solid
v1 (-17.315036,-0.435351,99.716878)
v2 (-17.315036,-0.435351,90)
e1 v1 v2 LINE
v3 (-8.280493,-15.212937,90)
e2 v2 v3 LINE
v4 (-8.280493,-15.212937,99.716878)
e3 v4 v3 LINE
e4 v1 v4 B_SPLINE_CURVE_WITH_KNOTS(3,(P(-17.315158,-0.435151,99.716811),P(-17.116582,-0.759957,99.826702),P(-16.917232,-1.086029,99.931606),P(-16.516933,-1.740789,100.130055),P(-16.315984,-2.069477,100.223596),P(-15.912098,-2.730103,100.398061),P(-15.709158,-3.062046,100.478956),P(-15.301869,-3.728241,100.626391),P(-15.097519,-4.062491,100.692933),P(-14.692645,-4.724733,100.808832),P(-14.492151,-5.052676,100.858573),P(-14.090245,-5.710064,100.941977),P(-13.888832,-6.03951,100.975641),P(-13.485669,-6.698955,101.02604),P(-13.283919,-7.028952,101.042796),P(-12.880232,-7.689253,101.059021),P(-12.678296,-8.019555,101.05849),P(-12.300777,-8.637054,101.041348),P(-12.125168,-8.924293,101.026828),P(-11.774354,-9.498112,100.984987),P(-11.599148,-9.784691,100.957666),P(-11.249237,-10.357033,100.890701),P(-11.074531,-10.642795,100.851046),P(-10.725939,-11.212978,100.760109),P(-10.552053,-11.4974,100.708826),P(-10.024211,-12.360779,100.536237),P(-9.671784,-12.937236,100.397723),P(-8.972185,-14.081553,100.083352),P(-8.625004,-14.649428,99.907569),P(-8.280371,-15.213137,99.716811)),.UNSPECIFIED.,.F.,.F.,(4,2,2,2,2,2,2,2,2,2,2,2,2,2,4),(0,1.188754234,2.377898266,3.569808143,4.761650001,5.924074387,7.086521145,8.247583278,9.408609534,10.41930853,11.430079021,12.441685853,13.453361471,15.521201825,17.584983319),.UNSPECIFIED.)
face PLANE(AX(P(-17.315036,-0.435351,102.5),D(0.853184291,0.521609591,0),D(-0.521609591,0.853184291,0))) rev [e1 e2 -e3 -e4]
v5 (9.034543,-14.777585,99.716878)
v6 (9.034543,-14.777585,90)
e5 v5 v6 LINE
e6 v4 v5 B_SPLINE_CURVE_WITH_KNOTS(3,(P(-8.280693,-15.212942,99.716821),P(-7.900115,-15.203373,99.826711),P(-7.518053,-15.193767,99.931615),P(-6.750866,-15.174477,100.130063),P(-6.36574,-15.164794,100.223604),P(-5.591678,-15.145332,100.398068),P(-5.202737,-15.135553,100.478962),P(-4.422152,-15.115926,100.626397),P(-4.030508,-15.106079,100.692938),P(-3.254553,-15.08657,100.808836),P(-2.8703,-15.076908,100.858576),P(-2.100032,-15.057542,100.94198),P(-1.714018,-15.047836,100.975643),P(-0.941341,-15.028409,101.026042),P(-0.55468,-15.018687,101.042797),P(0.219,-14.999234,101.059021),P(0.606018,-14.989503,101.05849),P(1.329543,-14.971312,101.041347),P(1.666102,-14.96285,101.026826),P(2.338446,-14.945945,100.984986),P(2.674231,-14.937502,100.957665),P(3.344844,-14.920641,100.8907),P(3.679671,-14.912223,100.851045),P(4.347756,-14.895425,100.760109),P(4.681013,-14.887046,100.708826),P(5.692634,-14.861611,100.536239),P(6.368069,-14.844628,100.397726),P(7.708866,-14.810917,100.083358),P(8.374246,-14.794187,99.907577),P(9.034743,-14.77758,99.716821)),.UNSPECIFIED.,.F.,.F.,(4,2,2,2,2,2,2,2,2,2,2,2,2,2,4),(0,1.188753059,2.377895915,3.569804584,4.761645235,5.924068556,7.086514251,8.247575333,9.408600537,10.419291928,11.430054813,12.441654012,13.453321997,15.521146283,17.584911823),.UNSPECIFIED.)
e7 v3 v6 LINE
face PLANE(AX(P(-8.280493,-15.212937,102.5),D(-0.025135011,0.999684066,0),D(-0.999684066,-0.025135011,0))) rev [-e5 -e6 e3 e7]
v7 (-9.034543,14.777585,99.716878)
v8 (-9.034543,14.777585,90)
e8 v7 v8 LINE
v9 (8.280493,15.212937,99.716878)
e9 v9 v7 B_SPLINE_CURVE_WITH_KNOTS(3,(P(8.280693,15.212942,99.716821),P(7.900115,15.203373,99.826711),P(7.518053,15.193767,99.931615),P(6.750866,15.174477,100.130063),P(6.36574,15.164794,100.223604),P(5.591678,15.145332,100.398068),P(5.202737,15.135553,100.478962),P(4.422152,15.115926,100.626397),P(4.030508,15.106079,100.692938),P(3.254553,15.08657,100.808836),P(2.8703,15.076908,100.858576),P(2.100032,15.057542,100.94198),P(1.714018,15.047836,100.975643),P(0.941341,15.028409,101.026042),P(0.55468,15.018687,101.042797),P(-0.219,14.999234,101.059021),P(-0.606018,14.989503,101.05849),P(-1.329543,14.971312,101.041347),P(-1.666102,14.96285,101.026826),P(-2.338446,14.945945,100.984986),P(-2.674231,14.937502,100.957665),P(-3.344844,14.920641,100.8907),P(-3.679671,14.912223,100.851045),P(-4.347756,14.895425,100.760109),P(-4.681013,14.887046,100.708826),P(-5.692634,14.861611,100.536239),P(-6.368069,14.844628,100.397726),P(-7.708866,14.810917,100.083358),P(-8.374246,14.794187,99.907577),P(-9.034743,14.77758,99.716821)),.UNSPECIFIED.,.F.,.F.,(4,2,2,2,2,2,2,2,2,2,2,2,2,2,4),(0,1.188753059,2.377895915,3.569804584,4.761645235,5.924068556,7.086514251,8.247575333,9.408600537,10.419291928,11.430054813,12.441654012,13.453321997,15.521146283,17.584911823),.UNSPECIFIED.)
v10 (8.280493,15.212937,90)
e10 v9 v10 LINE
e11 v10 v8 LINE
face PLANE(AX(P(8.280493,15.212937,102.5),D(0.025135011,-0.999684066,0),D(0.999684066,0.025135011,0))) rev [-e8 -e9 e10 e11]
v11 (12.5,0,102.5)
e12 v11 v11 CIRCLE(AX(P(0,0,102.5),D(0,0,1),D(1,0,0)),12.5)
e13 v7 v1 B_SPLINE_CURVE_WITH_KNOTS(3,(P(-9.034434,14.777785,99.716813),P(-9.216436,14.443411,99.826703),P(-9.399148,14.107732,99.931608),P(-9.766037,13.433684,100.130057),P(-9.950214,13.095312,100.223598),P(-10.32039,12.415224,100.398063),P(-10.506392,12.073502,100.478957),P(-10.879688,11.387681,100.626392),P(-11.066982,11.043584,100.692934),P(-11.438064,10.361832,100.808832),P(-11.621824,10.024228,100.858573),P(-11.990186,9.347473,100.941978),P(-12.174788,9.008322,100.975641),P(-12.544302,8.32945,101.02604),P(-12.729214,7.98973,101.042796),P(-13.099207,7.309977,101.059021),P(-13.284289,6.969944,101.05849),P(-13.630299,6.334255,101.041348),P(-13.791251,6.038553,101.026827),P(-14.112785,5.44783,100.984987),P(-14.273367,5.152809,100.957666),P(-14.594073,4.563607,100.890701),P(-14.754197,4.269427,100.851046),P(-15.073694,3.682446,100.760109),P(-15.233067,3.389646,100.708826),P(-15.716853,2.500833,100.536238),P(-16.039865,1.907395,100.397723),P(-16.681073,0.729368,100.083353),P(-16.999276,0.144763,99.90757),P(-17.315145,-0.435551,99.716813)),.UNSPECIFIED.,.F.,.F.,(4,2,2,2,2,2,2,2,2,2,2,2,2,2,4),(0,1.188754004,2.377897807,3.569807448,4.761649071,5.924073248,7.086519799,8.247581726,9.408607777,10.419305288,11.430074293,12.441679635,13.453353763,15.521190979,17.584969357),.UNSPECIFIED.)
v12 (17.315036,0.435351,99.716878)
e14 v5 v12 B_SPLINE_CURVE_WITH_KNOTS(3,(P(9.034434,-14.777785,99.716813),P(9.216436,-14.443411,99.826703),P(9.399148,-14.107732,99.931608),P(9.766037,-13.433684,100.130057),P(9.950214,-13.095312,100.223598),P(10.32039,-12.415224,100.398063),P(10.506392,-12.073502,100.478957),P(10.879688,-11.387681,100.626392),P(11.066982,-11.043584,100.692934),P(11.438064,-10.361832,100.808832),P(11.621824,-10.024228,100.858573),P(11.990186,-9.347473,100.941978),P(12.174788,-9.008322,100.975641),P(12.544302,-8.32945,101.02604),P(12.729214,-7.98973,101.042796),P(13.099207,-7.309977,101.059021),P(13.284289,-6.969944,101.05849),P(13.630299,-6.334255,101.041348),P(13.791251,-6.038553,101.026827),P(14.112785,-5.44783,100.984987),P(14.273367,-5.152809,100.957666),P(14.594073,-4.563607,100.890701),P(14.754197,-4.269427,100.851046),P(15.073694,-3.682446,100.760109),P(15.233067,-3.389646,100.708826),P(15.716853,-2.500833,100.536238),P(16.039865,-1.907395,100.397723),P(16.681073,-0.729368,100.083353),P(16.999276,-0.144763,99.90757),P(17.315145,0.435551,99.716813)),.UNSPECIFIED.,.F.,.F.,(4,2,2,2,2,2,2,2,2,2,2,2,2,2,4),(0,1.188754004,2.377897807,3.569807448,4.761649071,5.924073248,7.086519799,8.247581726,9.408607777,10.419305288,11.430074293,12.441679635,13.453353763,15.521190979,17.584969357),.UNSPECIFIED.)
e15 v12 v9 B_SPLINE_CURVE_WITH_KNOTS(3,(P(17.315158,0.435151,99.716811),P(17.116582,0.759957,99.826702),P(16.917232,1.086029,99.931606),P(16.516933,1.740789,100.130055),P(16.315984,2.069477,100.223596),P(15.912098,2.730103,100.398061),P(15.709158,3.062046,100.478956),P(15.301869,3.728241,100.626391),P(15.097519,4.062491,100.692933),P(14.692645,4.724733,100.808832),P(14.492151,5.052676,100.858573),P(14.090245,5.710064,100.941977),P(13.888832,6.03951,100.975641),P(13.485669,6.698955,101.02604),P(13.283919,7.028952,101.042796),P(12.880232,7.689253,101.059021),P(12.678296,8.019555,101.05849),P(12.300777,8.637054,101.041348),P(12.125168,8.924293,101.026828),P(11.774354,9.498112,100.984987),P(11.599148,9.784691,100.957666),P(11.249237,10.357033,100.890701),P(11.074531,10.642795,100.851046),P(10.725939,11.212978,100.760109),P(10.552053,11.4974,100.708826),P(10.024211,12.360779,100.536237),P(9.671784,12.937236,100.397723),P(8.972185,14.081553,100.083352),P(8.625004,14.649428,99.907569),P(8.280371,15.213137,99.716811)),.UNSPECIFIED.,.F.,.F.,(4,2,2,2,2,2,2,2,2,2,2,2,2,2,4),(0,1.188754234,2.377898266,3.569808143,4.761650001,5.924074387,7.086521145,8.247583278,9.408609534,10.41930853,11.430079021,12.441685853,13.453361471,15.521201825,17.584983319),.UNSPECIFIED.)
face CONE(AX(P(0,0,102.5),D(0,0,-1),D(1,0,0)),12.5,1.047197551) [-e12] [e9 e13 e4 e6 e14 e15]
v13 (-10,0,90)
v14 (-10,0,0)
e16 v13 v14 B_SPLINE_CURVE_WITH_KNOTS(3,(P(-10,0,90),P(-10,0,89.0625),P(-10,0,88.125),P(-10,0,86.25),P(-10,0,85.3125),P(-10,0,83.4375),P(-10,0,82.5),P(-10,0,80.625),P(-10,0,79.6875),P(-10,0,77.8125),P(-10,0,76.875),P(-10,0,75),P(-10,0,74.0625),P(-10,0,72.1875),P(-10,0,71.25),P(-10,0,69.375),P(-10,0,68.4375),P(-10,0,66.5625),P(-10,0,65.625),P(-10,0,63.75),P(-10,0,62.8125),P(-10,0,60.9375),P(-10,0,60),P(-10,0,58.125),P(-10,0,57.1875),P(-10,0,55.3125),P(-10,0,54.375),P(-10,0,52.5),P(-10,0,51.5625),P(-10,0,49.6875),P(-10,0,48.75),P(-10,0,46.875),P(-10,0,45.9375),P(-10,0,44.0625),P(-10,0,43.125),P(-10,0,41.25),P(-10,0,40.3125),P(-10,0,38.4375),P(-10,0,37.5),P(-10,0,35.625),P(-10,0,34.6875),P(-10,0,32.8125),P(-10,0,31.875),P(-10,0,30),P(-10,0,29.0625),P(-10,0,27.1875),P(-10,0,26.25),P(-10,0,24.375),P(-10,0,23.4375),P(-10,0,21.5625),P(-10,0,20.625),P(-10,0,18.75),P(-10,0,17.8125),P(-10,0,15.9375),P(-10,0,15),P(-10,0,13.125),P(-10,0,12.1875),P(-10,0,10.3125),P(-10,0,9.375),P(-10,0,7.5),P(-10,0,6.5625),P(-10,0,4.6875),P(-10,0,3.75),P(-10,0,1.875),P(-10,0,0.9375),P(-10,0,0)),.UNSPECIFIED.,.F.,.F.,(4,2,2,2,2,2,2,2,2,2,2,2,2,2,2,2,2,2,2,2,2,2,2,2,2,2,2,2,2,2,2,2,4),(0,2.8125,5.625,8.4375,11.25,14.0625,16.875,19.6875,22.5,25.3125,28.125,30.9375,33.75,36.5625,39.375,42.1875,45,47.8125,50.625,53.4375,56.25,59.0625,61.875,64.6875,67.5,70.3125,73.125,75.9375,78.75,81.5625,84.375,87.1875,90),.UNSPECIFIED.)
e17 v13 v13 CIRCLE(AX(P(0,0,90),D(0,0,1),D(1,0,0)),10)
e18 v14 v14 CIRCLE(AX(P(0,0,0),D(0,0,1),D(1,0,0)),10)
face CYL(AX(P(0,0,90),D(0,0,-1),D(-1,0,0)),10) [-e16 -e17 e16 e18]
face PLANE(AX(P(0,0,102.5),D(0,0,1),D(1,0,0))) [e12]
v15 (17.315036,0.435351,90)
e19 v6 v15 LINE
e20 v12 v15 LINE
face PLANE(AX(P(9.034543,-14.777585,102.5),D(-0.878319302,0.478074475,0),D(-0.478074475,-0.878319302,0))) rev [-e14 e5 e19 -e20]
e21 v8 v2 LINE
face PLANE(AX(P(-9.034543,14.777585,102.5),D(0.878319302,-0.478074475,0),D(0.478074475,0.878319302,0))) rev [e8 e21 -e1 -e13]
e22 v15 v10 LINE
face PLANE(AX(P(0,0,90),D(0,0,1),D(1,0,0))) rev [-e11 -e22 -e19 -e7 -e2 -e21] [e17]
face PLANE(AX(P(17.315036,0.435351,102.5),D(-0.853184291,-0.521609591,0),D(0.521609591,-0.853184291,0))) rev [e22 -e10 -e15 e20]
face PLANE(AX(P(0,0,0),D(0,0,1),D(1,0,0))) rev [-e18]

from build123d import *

# Parameters (mm, degrees)
SKETCH1_R           = 10
BOSS_EXTRUDE1_DEPTH = 90
BOSS_EXTRUDE2_DEPTH = 12.5
SKETCH4_OUTSIDE_W   = 76.428
SKETCH4_OUTSIDE_H   = 72.224
SKETCH4_OUTSIDE_R   = 12.5
CUT_EXTRUDE2_DEPTH  = 5
CUT_EXTRUDE2_DRAFT  = -60


with BuildPart() as part:
    # Sketch1 → Boss-Extrude1 (new body)
    with BuildSketch(Plane.XY):
        with Locations(Location((0, 0, 0), (0, 0, 180))):
            Circle(SKETCH1_R)
    extrude(amount=BOSS_EXTRUDE1_DEPTH)

    # Sketch3 → Boss-Extrude2 (add)
    with BuildSketch(Plane.XY.offset(90)):
        Polygon((8.280492797, 15.212936569), (-9.034543136, 14.777585402), (-17.315035933, -0.435351166), (-8.280492797, -15.212936569), (9.034543136, -14.777585402), (17.315035933, 0.435351166), align=None)
    extrude(amount=BOSS_EXTRUDE2_DEPTH)


with BuildPart() as cut_extrude2_tool:
    # Sketch4 outside → Cut-Extrude2 (with draft: the straight prism first)
    with BuildSketch(Plane.XY.offset(102.5)):
        Rectangle(SKETCH4_OUTSIDE_W, SKETCH4_OUTSIDE_H)
        Circle(SKETCH4_OUTSIDE_R, mode=Mode.SUBTRACT)
    extrude(amount=-CUT_EXTRUDE2_DEPTH)
    # Cut-Extrude2: the draft: its side faces are tilted about the plane it starts from
    cut_extrude2_sides = [cut_extrude2_tool.faces().sort_by_distance(p)[0] for p in [
        (0, -36.112, 100),
        (38.214, 0, 100),
        (0, 36.112, 100),
        (-38.214, 0, 100),
        (-12.5, 0, 100),
    ]]
    draft(cut_extrude2_sides, Plane.XY.offset(102.5), CUT_EXTRUDE2_DRAFT)


with BuildPart() as part_1:
    add(part.part)

    # Cut-Extrude2: cut by cut_extrude2_tool
    add(cut_extrude2_tool.part, mode=Mode.SUBTRACT)


solid = part_1.part
